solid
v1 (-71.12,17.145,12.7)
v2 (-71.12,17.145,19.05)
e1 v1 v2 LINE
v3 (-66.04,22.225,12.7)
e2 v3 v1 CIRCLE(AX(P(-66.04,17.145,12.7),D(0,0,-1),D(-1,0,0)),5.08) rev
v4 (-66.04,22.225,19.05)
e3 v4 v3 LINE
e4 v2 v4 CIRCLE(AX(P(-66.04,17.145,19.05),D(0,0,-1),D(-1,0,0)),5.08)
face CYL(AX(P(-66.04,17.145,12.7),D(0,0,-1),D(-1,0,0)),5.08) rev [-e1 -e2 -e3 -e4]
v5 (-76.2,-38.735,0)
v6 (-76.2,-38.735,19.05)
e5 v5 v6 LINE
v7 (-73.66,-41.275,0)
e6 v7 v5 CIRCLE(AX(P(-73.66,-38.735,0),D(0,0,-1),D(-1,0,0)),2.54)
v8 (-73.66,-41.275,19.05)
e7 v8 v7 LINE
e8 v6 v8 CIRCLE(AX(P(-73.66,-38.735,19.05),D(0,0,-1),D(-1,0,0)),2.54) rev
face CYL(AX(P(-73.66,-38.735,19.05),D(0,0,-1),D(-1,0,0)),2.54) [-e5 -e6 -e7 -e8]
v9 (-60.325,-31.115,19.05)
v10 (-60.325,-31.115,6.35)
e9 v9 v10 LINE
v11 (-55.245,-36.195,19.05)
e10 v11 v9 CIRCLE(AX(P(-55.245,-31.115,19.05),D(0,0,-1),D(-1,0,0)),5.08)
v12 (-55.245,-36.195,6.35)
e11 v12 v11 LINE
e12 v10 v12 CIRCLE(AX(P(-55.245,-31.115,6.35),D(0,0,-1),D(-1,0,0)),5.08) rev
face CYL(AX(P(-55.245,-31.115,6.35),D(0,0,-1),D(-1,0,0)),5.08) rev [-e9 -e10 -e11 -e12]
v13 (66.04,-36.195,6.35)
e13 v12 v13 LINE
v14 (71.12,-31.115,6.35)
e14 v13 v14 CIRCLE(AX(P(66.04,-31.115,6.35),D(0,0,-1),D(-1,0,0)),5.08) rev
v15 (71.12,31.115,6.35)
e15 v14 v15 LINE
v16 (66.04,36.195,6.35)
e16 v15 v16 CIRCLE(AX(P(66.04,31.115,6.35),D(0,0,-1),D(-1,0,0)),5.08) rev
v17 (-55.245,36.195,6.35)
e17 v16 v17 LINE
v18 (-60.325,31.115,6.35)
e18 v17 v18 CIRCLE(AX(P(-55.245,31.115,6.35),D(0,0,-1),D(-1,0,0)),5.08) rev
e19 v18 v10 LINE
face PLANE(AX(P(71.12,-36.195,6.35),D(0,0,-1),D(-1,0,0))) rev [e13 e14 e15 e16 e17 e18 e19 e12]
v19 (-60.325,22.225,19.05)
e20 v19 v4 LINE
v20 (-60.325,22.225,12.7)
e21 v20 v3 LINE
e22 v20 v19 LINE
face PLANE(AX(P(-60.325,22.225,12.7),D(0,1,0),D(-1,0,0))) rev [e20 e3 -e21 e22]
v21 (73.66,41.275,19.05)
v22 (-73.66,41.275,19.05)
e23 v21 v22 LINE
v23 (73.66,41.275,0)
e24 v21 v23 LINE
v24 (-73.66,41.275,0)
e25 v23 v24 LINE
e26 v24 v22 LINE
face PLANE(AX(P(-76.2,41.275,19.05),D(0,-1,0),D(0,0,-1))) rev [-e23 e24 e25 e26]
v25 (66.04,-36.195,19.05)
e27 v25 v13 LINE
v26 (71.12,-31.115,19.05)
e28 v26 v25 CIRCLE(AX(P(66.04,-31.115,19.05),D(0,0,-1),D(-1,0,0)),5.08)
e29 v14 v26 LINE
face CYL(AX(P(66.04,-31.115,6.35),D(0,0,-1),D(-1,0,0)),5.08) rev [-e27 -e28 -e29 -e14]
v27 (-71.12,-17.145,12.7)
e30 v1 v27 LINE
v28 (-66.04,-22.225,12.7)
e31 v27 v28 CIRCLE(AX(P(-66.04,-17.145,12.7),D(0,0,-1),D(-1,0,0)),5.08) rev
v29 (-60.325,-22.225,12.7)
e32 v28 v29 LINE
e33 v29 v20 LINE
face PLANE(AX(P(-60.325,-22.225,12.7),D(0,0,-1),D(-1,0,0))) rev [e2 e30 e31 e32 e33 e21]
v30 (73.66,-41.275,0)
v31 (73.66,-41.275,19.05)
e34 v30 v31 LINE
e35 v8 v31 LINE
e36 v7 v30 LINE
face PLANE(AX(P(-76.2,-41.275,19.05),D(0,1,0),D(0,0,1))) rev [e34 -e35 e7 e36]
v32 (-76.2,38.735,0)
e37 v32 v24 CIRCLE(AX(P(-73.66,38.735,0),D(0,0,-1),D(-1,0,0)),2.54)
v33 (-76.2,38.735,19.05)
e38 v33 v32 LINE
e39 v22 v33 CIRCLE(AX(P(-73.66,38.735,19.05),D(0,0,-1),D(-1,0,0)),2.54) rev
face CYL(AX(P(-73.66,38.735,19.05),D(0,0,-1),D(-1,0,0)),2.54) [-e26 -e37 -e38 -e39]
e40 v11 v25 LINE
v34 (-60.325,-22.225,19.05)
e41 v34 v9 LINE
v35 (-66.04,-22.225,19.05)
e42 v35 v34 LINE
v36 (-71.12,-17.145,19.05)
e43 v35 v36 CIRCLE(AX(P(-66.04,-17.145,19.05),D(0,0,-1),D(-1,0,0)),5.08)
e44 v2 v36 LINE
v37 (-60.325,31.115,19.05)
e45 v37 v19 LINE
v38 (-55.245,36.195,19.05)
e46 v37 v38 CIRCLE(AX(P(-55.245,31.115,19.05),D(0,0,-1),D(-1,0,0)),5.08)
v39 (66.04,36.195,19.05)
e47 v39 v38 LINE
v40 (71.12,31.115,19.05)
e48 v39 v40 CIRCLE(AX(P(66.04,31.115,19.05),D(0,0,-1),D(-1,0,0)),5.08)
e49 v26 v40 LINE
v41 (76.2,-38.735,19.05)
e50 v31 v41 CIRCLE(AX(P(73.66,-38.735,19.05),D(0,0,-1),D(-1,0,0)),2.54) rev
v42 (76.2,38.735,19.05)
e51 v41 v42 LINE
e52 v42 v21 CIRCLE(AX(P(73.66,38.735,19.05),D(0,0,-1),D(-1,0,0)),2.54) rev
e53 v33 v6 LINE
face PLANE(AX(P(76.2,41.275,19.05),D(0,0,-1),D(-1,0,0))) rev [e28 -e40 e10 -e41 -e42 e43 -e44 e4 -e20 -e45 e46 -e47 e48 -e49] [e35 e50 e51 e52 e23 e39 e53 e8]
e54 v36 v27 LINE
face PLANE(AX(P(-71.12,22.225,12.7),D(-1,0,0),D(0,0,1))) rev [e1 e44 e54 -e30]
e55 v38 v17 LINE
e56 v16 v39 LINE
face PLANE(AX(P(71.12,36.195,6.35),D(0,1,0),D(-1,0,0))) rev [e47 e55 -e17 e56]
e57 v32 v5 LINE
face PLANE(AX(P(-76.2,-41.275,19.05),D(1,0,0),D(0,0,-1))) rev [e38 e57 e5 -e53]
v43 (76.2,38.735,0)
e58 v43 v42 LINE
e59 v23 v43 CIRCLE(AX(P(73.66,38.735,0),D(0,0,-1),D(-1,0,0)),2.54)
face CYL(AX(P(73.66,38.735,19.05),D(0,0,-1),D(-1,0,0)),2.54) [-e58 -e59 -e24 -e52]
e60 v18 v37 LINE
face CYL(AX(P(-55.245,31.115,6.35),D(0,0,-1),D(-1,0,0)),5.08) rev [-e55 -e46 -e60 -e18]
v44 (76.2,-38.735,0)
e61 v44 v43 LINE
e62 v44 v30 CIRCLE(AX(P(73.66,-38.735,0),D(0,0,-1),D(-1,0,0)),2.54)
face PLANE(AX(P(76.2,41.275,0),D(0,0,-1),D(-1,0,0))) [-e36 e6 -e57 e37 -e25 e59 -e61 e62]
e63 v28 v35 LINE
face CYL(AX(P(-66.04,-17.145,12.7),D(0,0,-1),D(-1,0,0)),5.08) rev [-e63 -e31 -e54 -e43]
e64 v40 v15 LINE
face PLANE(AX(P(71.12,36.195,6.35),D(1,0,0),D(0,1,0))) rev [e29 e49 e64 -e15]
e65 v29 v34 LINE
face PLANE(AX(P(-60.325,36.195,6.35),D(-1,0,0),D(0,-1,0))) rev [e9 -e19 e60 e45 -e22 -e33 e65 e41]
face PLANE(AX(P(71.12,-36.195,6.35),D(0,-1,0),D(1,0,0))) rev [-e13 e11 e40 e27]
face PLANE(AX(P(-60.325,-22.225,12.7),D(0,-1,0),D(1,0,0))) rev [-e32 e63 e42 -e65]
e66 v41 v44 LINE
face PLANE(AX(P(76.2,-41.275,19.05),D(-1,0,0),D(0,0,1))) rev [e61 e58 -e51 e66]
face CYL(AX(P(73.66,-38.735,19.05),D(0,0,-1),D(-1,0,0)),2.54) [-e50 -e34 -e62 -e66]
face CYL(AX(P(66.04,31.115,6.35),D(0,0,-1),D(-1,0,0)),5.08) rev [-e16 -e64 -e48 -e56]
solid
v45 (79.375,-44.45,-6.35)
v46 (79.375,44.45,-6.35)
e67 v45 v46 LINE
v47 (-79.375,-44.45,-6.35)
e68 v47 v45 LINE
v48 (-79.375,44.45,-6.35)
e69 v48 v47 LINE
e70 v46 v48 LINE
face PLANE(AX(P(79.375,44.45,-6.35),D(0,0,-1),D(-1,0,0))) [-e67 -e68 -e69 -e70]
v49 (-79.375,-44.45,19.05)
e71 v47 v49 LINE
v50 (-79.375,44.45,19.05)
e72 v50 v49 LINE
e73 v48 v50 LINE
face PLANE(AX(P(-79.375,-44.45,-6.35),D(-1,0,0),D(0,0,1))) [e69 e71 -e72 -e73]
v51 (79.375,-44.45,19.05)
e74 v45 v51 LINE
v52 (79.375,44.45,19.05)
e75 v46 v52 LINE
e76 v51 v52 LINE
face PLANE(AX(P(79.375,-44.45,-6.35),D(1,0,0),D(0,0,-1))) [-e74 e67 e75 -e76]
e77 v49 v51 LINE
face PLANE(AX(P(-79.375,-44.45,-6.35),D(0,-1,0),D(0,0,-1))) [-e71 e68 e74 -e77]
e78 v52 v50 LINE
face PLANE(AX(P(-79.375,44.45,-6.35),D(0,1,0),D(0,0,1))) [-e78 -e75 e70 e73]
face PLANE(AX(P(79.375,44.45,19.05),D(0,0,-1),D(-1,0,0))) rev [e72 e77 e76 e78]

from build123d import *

# Parameters (mm, degrees)
SKETCH1_W      = 152.4
SKETCH1_H      = 82.55
EXTRUDE1_DEPTH = 19.05
SKETCH2_W      = 131.445
SKETCH2_H      = 72.39
EXTRUDE2_DEPTH = 12.7
FILLET1_R      = 2.54
FILLET2_R      = 5.08
SKETCH3_W      = 10.795
SKETCH3_H      = 44.45
EXTRUDE3_DEPTH = 6.35
FILLET3_R      = 5.08
SKETCH4_W      = 158.75
SKETCH4_H      = 88.9
STOCK_DEPTH    = 25.4


with BuildPart() as part:
    # Sketch1 → Extrude1 (new body)
    with BuildSketch(Plane.XY):
        Rectangle(SKETCH1_W, SKETCH1_H)
    extrude(amount=EXTRUDE1_DEPTH)

    # Sketch2 → Extrude2 (cut)
    with BuildSketch(Plane.XY.offset(19.05)):
        with Locations((5.3975, 0)):
            Rectangle(SKETCH2_W, SKETCH2_H)
    extrude(amount=-EXTRUDE2_DEPTH, mode=Mode.SUBTRACT)

    # Fillet1
    fillet1_edges = [part.edges().sort_by_distance(p)[0] for p in [
        (76.2, -41.275, 9.525),
        (-76.2, -41.275, 9.525),
        (-76.2, 41.275, 9.525),
        (76.2, 41.275, 9.525),
    ]]
    fillet(fillet1_edges, radius=FILLET1_R)

    # Fillet2
    fillet2_edges = [part.edges().sort_by_distance(p)[0] for p in [
        (71.12, 36.195, 12.7),
        (71.12, -36.195, 12.7),
        (-60.325, -36.195, 12.7),
        (-60.325, 36.195, 12.7),
    ]]
    fillet(fillet2_edges, radius=FILLET2_R)

    # Sketch3 → Extrude3 (cut)
    with BuildSketch(Plane.XY.offset(19.05)):
        with Locations((-65.7225, 0)):
            Rectangle(SKETCH3_W, SKETCH3_H)
    extrude(amount=-EXTRUDE3_DEPTH, mode=Mode.SUBTRACT)

    # Fillet3
    fillet3_edges = [part.edges().sort_by_distance(p)[0] for p in [
        (-71.12, -22.225, 15.875),
        (-71.12, 22.225, 15.875),
    ]]
    fillet(fillet3_edges, radius=FILLET3_R)


with BuildPart() as body_2:
    # Sketch4 → Stock (new body)
    with BuildSketch(Plane.XY.offset(19.05)):
        Rectangle(SKETCH4_W, SKETCH4_H)
    extrude(amount=-STOCK_DEPTH)


solid = Compound([part.part, body_2.part])
